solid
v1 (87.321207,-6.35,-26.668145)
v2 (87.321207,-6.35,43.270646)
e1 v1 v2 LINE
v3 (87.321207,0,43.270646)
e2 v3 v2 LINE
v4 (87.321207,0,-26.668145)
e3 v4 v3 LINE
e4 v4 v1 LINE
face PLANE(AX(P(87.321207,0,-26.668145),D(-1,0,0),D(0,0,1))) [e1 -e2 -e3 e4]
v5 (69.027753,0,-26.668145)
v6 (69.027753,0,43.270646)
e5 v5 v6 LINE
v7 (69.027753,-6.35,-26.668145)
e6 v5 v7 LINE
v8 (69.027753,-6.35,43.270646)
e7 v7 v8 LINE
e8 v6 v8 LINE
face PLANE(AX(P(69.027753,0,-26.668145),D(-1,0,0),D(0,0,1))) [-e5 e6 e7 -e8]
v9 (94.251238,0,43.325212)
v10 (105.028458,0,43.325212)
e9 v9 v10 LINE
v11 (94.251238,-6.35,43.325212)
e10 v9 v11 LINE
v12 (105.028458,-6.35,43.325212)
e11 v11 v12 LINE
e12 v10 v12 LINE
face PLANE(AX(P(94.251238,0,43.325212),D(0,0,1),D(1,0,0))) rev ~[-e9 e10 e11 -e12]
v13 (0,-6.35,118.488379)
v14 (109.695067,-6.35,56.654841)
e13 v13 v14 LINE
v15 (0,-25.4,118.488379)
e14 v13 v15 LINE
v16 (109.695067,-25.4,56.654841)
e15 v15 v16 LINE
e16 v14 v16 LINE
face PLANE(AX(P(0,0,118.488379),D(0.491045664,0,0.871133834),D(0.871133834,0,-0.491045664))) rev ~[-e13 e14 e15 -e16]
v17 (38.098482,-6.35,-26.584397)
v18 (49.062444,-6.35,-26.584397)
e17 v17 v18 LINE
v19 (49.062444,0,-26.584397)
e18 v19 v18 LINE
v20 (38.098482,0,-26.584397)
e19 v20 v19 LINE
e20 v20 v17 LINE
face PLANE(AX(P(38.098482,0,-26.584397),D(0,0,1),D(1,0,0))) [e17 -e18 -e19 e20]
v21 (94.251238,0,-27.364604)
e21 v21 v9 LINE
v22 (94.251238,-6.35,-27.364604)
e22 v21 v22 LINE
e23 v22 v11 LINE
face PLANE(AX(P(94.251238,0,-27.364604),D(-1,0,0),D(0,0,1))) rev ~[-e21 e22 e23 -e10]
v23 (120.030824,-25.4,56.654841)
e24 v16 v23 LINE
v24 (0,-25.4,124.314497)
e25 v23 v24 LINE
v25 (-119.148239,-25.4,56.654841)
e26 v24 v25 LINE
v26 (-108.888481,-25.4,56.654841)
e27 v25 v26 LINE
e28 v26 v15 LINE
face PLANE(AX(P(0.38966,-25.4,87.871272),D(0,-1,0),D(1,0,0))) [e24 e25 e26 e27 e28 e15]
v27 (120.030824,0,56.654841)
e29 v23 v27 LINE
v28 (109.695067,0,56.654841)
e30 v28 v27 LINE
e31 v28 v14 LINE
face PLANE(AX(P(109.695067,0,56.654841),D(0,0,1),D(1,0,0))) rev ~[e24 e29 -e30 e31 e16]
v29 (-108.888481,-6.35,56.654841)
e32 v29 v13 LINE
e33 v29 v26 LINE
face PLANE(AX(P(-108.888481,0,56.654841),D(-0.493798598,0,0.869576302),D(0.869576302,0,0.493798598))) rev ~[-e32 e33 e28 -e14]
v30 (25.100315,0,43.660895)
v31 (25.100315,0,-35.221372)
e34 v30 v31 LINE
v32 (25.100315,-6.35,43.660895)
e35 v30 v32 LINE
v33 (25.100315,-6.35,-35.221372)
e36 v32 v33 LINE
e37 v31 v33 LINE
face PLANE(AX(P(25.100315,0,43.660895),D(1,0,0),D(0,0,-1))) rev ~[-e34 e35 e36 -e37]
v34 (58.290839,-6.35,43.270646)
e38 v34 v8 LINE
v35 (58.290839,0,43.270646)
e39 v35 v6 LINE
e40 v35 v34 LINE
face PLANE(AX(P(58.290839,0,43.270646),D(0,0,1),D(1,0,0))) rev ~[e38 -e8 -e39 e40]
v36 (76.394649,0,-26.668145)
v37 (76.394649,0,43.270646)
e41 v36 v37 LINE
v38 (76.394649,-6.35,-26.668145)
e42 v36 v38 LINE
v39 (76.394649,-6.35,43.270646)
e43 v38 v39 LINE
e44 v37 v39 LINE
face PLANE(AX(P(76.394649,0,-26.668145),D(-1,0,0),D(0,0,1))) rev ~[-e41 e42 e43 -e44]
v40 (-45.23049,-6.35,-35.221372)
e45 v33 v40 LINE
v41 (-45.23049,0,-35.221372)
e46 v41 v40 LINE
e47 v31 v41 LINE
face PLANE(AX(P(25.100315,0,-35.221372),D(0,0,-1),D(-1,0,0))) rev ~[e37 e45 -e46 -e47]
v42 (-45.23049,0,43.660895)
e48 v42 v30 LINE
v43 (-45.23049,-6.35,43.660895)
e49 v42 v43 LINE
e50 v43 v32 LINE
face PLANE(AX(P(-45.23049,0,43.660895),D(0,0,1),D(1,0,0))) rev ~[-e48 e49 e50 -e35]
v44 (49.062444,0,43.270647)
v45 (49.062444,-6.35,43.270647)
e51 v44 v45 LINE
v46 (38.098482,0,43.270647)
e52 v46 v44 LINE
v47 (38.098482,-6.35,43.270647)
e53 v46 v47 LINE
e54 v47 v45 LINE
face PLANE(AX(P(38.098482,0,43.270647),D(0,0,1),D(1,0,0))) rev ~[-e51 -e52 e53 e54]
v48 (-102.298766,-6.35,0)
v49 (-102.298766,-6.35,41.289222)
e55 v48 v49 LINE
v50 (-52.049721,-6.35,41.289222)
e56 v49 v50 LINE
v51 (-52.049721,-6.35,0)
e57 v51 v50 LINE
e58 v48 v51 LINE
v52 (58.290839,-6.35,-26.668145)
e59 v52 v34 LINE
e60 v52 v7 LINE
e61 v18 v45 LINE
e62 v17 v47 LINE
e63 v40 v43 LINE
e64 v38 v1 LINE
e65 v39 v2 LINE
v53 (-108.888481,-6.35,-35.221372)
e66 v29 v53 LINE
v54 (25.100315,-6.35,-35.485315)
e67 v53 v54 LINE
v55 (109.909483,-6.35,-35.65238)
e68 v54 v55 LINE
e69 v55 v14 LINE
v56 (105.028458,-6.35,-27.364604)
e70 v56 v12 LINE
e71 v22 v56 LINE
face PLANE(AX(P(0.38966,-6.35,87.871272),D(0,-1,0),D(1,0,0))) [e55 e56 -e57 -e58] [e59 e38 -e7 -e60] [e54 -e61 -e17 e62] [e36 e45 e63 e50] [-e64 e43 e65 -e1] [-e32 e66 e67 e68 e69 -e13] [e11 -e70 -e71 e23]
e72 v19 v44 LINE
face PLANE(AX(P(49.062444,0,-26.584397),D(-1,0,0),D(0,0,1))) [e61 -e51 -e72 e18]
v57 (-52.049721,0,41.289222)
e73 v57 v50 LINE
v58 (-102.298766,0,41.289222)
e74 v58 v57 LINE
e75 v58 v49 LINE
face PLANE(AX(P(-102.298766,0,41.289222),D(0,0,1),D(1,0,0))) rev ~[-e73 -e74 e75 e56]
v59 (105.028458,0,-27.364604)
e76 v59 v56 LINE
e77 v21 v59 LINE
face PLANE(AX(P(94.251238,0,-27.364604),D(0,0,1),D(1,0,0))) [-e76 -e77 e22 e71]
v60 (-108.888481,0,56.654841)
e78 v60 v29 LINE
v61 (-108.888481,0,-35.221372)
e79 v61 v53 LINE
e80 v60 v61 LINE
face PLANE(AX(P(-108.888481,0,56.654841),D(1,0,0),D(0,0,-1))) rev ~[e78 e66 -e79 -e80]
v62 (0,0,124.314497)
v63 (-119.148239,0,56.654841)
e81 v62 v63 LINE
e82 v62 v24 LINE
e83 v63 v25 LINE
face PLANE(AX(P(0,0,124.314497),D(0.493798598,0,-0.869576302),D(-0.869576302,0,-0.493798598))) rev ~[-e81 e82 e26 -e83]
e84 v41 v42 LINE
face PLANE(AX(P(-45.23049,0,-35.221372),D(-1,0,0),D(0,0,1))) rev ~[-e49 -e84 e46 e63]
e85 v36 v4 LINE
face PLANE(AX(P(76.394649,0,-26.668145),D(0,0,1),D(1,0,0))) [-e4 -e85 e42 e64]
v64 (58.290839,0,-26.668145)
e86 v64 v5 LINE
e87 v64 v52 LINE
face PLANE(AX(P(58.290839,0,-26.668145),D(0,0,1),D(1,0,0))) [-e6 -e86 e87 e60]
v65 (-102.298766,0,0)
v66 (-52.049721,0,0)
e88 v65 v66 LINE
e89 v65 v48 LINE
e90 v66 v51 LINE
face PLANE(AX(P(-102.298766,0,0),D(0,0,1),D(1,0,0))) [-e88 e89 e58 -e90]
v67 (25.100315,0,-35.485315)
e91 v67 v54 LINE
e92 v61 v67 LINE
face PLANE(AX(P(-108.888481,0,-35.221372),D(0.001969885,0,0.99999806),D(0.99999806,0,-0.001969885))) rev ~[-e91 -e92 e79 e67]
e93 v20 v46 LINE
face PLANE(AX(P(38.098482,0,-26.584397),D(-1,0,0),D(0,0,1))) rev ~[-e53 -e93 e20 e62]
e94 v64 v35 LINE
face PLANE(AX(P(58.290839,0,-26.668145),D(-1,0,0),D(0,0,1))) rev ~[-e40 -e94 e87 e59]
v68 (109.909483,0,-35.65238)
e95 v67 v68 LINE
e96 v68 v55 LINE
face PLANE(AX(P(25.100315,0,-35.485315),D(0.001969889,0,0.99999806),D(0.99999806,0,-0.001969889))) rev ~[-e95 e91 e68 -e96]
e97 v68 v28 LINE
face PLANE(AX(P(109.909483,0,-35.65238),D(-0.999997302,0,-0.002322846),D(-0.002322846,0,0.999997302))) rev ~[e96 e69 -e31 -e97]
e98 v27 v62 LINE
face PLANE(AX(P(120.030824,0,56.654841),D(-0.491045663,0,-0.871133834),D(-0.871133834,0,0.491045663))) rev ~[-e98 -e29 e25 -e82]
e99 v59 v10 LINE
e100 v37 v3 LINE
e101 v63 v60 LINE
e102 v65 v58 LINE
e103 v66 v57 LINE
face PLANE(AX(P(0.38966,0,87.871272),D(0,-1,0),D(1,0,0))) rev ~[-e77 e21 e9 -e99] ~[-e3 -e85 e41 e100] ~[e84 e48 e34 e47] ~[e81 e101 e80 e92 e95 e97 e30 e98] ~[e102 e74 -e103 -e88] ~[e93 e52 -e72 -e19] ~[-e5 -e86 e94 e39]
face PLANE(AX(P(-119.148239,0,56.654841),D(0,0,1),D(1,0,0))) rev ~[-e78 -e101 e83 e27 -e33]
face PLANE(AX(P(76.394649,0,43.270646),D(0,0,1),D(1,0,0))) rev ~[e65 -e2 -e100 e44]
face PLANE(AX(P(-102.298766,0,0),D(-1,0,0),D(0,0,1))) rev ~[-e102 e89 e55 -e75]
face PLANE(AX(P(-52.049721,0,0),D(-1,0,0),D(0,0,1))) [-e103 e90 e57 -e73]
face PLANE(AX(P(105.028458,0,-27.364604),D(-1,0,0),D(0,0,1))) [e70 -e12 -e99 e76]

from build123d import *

# Parameters (mm, degrees)
F1_DEPTH = 25.4
F0_W     = 50.249045
F0_H     = 41.289222
F0_W_2   = 10.963962
F0_H_2   = 69.855044
F0_W_3   = 10.736913
F0_H_3   = 69.938791
F0_W_4   = 10.926557
F0_W_5   = 10.777219
F0_H_4   = 70.689816
F2_DEPTH = 6.35


with BuildPart() as f1:
    # F0 (on Front) → F1 (new body)
    with BuildSketch(Plane.XZ):
        Polygon((120.030824, 56.654841), (0, 124.314497), (-119.148239, 56.654841), (-108.888481, 56.654841), (0, 118.488379), (109.695067, 56.654841), align=None)
    extrude(amount=F1_DEPTH)

    # F0 (on Front) → F2 (join)
    with BuildSketch(Plane.XZ):
        Polygon((120.030824, 56.654841), (0, 124.314497), (-119.148239, 56.654841), (-108.888481, 56.654841), (0, 118.488379), (109.695067, 56.654841), align=None)
        Polygon((0, 118.488379), (-108.888481, 56.654841), (-108.888481, -35.221372), (25.100315, -35.485315), (109.909483, -35.65238), (109.695067, 56.654841), align=None)
        Polygon((25.100315, -33.438011), (25.100315, -35.221372), (-10.065087, -35.221372), (-45.23049, -35.221372), (-45.23049, -33.438011), (-45.23049, 43.660895), (-10.065087, 43.660895), (25.100315, 43.660895), (25.100315, 0), align=None, mode=Mode.SUBTRACT)
        with Locations((-77.174244, 20.644611)):
            Rectangle(F0_W, F0_H, mode=Mode.SUBTRACT)
        with Locations((43.580463, 8.343125)):
            Rectangle(F0_W_2, F0_H_2, mode=Mode.SUBTRACT)
        with Locations((63.659296, 8.301251)):
            Rectangle(F0_W_3, F0_H_3, mode=Mode.SUBTRACT)
        with Locations((81.857928, 8.301251)):
            Rectangle(F0_W_4, F0_H_3, mode=Mode.SUBTRACT)
        with Locations((99.639848, 7.980304)):
            Rectangle(F0_W_5, F0_H_4, mode=Mode.SUBTRACT)
    extrude(amount=F2_DEPTH)


solid = f1.part
